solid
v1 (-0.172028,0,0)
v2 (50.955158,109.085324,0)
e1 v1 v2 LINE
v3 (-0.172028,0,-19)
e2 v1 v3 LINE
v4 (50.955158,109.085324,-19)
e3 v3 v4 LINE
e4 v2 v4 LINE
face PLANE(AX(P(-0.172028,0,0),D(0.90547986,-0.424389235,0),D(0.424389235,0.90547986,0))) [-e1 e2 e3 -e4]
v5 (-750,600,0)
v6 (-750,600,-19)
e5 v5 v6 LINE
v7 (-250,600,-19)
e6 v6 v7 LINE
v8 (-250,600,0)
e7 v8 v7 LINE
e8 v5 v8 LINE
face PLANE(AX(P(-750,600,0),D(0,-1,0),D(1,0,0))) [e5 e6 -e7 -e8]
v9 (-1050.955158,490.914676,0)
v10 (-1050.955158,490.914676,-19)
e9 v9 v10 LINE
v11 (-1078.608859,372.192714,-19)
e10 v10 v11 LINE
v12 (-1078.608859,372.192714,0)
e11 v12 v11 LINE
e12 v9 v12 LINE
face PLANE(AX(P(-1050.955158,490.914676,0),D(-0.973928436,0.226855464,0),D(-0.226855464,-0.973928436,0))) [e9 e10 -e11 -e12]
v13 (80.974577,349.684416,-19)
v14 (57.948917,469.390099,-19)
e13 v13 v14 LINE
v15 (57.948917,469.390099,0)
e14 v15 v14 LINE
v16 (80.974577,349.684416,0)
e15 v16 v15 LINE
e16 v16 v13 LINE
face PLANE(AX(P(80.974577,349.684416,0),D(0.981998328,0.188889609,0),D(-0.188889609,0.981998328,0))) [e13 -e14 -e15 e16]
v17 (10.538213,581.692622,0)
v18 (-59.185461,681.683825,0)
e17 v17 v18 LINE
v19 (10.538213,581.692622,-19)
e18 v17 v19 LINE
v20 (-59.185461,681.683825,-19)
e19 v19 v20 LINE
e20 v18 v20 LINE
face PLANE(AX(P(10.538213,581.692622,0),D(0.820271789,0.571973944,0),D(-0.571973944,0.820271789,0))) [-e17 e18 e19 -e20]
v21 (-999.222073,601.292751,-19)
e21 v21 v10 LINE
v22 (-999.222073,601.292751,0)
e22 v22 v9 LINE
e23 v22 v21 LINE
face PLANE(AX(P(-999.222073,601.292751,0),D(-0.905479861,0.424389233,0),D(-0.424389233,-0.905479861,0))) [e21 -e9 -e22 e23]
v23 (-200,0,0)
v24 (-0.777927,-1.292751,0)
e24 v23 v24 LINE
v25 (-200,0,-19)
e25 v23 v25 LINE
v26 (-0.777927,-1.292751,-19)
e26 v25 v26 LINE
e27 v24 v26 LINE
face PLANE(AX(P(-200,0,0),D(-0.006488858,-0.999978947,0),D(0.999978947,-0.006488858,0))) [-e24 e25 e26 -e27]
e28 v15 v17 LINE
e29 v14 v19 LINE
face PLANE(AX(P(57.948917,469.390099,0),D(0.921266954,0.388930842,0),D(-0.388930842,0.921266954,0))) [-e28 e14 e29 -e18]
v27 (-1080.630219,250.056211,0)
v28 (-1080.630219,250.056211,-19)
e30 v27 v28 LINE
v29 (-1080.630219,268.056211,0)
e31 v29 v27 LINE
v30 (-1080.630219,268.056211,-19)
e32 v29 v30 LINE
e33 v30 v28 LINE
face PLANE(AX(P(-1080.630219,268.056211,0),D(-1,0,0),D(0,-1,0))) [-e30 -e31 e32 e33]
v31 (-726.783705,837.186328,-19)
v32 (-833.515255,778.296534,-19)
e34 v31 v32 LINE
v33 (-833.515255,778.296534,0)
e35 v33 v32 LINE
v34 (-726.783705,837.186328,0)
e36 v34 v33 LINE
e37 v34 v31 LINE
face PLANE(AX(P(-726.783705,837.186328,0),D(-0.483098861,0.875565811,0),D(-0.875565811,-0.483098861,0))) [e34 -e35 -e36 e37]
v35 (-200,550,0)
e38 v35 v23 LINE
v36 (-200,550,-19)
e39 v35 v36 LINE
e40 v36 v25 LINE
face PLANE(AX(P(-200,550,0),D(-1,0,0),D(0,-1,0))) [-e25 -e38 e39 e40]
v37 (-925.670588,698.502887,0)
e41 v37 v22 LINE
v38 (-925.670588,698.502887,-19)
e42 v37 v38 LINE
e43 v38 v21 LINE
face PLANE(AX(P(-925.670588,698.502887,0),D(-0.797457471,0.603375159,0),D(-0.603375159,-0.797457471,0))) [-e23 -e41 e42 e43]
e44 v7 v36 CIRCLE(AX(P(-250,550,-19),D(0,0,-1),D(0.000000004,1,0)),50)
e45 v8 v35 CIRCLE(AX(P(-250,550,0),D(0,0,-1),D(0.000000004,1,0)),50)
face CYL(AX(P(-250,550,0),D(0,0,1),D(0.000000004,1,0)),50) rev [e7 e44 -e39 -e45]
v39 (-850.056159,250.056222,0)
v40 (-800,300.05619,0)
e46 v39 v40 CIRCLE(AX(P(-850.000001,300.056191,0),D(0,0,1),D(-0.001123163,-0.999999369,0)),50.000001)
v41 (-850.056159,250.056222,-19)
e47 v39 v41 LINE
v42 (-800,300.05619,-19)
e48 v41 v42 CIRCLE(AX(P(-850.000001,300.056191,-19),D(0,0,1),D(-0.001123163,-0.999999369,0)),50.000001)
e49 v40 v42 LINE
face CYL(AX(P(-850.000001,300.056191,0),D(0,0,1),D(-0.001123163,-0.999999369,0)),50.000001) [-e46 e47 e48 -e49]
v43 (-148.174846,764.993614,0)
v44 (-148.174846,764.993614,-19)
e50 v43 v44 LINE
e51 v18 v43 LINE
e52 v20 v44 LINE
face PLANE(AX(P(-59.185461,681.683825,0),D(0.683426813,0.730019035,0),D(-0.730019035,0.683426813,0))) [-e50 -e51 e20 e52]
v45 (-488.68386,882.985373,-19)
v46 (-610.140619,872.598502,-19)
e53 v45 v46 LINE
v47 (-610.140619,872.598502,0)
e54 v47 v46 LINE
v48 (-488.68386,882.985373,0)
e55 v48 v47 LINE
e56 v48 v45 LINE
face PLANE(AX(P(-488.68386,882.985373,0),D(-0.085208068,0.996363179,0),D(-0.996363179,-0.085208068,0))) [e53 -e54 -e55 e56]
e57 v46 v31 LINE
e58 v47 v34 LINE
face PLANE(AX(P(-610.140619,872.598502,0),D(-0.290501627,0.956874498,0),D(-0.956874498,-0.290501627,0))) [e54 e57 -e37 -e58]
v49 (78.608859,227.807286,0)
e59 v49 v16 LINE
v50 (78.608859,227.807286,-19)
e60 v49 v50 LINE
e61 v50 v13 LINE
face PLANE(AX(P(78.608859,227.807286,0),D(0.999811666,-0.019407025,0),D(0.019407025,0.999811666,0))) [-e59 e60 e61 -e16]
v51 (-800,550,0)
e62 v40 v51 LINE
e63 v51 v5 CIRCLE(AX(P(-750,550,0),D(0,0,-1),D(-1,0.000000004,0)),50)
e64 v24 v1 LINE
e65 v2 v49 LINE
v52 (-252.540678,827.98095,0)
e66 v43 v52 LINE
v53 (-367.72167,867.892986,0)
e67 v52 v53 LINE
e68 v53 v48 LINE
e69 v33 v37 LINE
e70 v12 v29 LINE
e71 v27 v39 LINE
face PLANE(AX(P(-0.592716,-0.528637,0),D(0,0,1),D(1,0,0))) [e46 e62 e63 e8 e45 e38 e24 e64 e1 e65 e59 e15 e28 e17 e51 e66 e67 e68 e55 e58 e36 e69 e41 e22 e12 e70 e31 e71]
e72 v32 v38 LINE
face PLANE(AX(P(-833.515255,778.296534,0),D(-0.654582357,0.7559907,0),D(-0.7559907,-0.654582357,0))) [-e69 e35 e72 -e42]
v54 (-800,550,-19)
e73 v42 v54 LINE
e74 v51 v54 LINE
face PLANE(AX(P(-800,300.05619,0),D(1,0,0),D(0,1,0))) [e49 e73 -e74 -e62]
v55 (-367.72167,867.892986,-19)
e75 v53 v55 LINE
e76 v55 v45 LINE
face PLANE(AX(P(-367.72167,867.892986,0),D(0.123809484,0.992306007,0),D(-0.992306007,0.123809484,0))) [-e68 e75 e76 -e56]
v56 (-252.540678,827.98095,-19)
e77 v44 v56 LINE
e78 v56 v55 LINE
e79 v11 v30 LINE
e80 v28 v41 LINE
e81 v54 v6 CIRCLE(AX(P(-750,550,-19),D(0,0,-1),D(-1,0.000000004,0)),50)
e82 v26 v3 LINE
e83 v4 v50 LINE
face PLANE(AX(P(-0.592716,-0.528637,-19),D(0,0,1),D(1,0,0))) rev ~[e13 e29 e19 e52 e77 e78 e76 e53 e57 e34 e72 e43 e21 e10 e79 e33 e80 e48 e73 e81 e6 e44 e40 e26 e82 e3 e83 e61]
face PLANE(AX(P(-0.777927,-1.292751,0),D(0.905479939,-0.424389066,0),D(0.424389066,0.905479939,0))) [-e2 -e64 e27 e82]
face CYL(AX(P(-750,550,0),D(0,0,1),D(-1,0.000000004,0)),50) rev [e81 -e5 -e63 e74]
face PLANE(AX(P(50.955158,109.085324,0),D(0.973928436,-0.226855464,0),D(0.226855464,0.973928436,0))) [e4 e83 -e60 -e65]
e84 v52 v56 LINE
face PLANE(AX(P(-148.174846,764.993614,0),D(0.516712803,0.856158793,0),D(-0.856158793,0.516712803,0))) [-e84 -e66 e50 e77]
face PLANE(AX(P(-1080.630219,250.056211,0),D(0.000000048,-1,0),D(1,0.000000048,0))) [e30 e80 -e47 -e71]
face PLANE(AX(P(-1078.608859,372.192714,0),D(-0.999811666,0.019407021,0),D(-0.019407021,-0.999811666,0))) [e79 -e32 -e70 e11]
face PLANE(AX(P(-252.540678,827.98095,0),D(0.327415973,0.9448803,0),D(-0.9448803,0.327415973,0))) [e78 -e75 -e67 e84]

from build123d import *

# Parameters (mm, degrees)
F1_DEPTH = 19


with BuildPart() as f1:
    # F0 (on Top) → F1 (new body)
    with BuildSketch(Plane.XY):
        Polygon((-0.777927, -1.292751), (-0.172028, 0), (-0.777927, 0), align=None)
        with BuildLine():
            Line((-0.777927, 0), (-0.172028, 0))
            Line((-0.172028, 0), (50.955158, 109.085324))
            Line((50.955158, 109.085324), (78.608859, 227.807286))
            Line((78.608859, 227.807286), (80.974577, 349.684416))
            Line((80.974577, 349.684416), (57.948917, 469.390099))
            Line((57.948917, 469.390099), (10.538213, 581.692622))
            Line((10.538213, 581.692622), (-59.185461, 681.683825))
            Line((-59.185461, 681.683825), (-148.174846, 764.993614))
            Line((-148.174846, 764.993614), (-252.540678, 827.98095))
            Line((-252.540678, 827.98095), (-367.72167, 867.892986))
            Line((-367.72167, 867.892986), (-488.68386, 882.985373))
            Line((-488.68386, 882.985373), (-610.140619, 872.598502))
            Line((-610.140619, 872.598502), (-726.783705, 837.186328))
            Line((-726.783705, 837.186328), (-833.515255, 778.296534))
            Line((-833.515255, 778.296534), (-925.670588, 698.502887))
            Line((-925.670588, 698.502887), (-999.222073, 601.292751))
            Line((-999.222073, 601.292751), (-1050.955158, 490.914676))
            Line((-1050.955158, 490.914676), (-1078.608859, 372.192714))
            Line((-1078.608859, 372.192714), (-1080.630219, 268.056211))
            Line((-1080.630219, 268.056211), (-1080.630219, 250.056211))
            Line((-1080.630219, 250.056211), (-850.056159, 250.056222))
            ThreePointArc((-850.056159, 250.056222), (-814.664522, 264.681002), (-800, 300.05619))
            Line((-800, 300.05619), (-800, 550))
            ThreePointArc((-800, 550), (-785.355339, 585.355339), (-750, 600))
            Line((-750, 600), (-250, 600))
            ThreePointArc((-250, 600), (-214.644661, 585.355339), (-200, 550))
            Line((-200, 550), (-200, 16.707249))
            Line((-200, 16.707249), (-200, 0))
            Line((-200, 0), (-0.777927, -1.292751))
            Line((-0.777927, -1.292751), (-0.777927, 0))
        make_face()
    extrude(amount=-F1_DEPTH)


solid = f1.part
